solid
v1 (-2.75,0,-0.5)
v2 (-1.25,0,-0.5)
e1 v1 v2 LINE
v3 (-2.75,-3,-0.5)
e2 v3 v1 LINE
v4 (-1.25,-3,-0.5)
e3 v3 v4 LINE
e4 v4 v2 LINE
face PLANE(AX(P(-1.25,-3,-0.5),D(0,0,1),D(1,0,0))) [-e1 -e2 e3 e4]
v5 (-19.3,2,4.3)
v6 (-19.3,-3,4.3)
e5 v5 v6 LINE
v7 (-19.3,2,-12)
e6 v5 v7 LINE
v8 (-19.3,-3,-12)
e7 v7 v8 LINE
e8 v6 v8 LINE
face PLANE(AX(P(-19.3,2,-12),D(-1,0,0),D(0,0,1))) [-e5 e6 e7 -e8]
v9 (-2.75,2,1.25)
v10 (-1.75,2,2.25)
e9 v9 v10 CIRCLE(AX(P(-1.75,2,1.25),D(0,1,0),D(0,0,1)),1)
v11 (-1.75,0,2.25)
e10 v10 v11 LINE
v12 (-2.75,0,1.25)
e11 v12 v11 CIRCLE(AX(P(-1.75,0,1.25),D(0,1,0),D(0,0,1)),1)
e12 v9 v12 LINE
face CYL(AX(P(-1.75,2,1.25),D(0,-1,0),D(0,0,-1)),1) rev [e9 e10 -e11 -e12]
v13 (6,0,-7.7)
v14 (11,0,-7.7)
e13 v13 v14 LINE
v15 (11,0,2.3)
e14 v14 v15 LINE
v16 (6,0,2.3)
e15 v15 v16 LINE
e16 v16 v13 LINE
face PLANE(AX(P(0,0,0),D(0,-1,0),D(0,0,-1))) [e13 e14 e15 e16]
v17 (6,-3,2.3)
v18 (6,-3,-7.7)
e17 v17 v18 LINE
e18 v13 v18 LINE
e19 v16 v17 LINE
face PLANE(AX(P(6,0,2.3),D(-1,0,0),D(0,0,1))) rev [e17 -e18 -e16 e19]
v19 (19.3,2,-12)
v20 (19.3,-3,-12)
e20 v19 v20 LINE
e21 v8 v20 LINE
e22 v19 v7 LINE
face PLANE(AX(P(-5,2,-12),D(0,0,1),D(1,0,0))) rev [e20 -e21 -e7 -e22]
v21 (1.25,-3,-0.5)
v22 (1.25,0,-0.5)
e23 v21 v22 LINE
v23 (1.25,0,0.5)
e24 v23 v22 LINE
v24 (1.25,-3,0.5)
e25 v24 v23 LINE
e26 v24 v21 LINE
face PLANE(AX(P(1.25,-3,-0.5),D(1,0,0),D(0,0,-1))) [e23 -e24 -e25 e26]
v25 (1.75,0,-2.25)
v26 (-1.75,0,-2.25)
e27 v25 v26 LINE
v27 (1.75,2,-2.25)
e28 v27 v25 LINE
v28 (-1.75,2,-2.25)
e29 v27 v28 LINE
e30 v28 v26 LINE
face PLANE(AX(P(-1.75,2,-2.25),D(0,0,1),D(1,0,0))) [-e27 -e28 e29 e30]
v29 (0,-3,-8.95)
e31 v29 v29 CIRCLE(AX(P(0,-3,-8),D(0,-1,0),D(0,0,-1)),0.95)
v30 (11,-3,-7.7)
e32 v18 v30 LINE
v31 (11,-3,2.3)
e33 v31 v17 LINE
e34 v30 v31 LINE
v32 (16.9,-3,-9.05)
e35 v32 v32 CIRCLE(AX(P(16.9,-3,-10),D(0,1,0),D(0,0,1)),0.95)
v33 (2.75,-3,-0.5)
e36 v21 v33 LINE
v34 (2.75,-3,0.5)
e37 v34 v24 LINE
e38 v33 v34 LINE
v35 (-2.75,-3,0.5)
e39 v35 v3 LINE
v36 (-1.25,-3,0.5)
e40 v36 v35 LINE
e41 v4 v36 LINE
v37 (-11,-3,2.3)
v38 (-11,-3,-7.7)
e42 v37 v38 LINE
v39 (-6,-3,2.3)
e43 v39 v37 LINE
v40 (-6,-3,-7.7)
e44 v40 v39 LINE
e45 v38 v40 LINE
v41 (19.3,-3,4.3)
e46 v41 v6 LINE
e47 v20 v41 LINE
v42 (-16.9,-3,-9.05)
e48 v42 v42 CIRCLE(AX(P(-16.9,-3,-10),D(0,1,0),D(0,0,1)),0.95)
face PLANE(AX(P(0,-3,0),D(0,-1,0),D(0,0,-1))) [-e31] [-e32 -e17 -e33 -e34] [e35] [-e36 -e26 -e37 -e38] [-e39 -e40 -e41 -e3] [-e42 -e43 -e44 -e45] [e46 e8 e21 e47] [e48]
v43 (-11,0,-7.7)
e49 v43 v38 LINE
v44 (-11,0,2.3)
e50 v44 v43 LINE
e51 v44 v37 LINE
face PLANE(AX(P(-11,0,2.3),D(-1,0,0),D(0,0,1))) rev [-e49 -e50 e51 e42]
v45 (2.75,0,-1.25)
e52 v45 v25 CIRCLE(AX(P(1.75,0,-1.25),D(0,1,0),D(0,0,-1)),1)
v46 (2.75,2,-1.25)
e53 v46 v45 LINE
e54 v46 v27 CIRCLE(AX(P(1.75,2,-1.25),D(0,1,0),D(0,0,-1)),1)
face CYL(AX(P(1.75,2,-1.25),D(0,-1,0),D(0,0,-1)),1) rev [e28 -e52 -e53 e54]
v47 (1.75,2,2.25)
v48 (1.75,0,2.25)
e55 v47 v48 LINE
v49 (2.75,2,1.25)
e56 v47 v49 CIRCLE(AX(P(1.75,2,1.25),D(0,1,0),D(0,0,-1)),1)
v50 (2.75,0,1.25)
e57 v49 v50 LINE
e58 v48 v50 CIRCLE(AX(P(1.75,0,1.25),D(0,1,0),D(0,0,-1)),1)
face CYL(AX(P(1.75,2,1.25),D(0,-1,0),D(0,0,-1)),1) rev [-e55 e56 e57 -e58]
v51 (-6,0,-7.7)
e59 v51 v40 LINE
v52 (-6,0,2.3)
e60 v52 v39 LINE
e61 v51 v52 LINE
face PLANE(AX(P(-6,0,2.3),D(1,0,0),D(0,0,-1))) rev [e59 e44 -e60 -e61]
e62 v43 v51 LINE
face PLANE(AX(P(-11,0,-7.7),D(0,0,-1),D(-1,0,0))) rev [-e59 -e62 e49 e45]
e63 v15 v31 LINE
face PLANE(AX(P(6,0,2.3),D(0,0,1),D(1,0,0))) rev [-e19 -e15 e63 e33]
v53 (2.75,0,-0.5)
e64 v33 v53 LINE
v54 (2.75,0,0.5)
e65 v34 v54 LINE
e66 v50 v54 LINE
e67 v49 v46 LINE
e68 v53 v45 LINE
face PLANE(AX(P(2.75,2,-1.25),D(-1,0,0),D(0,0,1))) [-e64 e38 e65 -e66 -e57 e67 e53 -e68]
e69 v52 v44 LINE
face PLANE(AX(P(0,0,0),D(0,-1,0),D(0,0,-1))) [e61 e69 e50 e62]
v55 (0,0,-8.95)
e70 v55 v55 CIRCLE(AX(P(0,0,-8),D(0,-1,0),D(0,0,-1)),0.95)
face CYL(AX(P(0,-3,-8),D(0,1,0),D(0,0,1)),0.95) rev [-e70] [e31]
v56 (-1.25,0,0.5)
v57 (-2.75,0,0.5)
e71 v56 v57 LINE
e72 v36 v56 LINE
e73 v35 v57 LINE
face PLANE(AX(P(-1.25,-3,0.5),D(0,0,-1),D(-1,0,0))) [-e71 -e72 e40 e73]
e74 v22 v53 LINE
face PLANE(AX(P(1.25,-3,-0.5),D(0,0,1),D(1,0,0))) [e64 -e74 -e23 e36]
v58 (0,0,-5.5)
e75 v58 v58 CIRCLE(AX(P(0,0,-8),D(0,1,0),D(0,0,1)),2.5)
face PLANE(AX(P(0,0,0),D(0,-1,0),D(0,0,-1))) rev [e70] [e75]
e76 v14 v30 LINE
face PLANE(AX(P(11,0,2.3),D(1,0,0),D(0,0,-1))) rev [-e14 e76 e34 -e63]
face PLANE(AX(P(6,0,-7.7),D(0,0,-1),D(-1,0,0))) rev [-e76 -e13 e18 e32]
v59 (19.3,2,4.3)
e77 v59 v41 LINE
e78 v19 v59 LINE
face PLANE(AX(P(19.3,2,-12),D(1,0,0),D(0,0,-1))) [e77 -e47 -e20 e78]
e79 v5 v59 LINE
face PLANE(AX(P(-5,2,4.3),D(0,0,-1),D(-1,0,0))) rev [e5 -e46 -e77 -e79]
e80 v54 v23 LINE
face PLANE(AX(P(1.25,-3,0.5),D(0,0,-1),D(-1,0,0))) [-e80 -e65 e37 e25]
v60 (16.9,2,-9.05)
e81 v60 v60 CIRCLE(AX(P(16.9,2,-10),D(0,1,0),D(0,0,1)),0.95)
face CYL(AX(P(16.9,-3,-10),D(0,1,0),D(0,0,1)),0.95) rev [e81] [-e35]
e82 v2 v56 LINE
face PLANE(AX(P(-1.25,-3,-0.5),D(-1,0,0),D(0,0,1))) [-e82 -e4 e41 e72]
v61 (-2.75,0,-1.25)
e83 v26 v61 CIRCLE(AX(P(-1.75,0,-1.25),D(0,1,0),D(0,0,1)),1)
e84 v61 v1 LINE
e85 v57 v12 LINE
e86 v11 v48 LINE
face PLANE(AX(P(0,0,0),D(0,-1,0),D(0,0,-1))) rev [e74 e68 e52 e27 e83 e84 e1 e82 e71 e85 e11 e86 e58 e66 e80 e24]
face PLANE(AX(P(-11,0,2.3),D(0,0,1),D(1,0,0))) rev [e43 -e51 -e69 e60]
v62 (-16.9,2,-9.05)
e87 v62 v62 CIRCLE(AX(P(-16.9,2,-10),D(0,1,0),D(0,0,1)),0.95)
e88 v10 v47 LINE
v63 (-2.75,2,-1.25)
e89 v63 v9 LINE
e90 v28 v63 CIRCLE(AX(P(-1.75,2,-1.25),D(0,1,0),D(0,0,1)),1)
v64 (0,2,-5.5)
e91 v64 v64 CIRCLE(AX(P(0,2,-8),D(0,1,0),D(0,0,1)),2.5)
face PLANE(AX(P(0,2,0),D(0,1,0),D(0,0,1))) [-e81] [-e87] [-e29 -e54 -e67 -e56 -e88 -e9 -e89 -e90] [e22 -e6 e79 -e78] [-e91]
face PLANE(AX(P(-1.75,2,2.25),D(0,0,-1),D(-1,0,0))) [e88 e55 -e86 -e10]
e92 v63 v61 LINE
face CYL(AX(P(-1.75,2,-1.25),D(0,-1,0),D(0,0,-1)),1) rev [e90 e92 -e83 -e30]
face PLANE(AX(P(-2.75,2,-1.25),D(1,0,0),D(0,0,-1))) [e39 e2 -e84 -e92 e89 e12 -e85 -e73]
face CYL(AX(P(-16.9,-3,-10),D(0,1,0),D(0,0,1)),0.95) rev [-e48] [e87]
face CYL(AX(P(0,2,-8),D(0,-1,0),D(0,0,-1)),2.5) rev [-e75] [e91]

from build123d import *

# Parameters (mm, degrees)
SKETCH_1_W          = 10
SKETCH_1_H          = 16.3
SKETCH_1_R          = 2.5
EXTRUDE_1_DEPTH     = 2
SKETCH_3_W          = 10
SKETCH_3_H          = 16.3
SKETCH_3_R          = 0.95
SKETCH_3_W_2        = 1.5
SKETCH_3_H_2        = 1
EXTRUDE_2_DEPTH     = 3
SKETCH_4_W          = 14.3
SKETCH_4_H          = 16.3
EXTRUDE_3_DEPTH     = 5
SKETCH_5_R          = 0.95
CUT_EXTRUDE_1_DEPTH = 5
SKETCH_6_W          = 5
SKETCH_6_H          = 10
CUT_EXTRUDE_2_DEPTH = 3


with BuildPart() as part:
    # 草图1 → 凸台-拉伸1 (new body)
    with BuildSketch(Plane(origin=(0, 0, 0), x_dir=(1, 0, 0), z_dir=(0, 1, 0))):
        with Locations((0, 3.85)):
            Rectangle(SKETCH_1_W, SKETCH_1_H)
        with Locations(Location((0, 8, 0), (0, 0, 270))):
            Circle(SKETCH_1_R, mode=Mode.SUBTRACT)
        with BuildLine():
            Line((-1.75, 2.25), (1.75, 2.25))
            ThreePointArc((1.75, 2.25), (2.457106781, 1.957106781), (2.75, 1.25))
            Line((2.75, 1.25), (2.75, -1.25))
            ThreePointArc((2.75, -1.25), (2.457106781, -1.957106781), (1.75, -2.25))
            Line((1.75, -2.25), (-1.75, -2.25))
            ThreePointArc((-1.75, -2.25), (-2.457106781, -1.957106781), (-2.75, -1.25))
            Line((-2.75, -1.25), (-2.75, 1.25))
            ThreePointArc((-2.75, 1.25), (-2.457106781, 1.957106781), (-1.75, 2.25))
        make_face(mode=Mode.SUBTRACT)
    extrude(amount=EXTRUDE_1_DEPTH)

    # 草图3 → 凸台-拉伸2 (add)
    with BuildSketch(Plane.XZ):
        with Locations((0, -3.85)):
            Rectangle(SKETCH_3_W, SKETCH_3_H)
        with Locations(Location((0, -8, 0), (0, 0, 270))):
            Circle(SKETCH_3_R, mode=Mode.SUBTRACT)
        with Locations((-2, 0)):
            Rectangle(SKETCH_3_W_2, SKETCH_3_H_2, mode=Mode.SUBTRACT)
        with Locations((2, 0)):
            Rectangle(SKETCH_3_W_2, SKETCH_3_H_2, mode=Mode.SUBTRACT)
    extrude(amount=EXTRUDE_2_DEPTH)

    # 草图4 → 凸台-拉伸3 (add)
    with BuildSketch(Plane.XZ.offset(3)):
        with Locations((12.15, -3.85)):
            Rectangle(SKETCH_4_W, SKETCH_4_H)
        with Locations((-12.15, -3.85)):
            Rectangle(SKETCH_4_W, SKETCH_4_H)
    extrude(amount=-EXTRUDE_3_DEPTH)

    # 草图5 → 切除-拉伸1 (cut)
    with BuildSketch(Plane(origin=(0, 2, 0), x_dir=(1, 0, 0), z_dir=(0, 1, 0))):
        with Locations(Location((-16.9, 10, 0), (0, 0, 270))):
            Circle(SKETCH_5_R)
        with Locations(Location((16.9, 10, 0), (0, 0, 270))):
            Circle(SKETCH_5_R)
    extrude(amount=-CUT_EXTRUDE_1_DEPTH, mode=Mode.SUBTRACT)

    # 草图6 → 切除-拉伸2 (cut)
    with BuildSketch(Plane.XZ.offset(3)):
        with Locations((-8.5, -2.7)):
            Rectangle(SKETCH_6_W, SKETCH_6_H)
        with Locations((8.5, -2.7)):
            Rectangle(SKETCH_6_W, SKETCH_6_H)
    extrude(amount=-CUT_EXTRUDE_2_DEPTH, mode=Mode.SUBTRACT)


solid = part.part
